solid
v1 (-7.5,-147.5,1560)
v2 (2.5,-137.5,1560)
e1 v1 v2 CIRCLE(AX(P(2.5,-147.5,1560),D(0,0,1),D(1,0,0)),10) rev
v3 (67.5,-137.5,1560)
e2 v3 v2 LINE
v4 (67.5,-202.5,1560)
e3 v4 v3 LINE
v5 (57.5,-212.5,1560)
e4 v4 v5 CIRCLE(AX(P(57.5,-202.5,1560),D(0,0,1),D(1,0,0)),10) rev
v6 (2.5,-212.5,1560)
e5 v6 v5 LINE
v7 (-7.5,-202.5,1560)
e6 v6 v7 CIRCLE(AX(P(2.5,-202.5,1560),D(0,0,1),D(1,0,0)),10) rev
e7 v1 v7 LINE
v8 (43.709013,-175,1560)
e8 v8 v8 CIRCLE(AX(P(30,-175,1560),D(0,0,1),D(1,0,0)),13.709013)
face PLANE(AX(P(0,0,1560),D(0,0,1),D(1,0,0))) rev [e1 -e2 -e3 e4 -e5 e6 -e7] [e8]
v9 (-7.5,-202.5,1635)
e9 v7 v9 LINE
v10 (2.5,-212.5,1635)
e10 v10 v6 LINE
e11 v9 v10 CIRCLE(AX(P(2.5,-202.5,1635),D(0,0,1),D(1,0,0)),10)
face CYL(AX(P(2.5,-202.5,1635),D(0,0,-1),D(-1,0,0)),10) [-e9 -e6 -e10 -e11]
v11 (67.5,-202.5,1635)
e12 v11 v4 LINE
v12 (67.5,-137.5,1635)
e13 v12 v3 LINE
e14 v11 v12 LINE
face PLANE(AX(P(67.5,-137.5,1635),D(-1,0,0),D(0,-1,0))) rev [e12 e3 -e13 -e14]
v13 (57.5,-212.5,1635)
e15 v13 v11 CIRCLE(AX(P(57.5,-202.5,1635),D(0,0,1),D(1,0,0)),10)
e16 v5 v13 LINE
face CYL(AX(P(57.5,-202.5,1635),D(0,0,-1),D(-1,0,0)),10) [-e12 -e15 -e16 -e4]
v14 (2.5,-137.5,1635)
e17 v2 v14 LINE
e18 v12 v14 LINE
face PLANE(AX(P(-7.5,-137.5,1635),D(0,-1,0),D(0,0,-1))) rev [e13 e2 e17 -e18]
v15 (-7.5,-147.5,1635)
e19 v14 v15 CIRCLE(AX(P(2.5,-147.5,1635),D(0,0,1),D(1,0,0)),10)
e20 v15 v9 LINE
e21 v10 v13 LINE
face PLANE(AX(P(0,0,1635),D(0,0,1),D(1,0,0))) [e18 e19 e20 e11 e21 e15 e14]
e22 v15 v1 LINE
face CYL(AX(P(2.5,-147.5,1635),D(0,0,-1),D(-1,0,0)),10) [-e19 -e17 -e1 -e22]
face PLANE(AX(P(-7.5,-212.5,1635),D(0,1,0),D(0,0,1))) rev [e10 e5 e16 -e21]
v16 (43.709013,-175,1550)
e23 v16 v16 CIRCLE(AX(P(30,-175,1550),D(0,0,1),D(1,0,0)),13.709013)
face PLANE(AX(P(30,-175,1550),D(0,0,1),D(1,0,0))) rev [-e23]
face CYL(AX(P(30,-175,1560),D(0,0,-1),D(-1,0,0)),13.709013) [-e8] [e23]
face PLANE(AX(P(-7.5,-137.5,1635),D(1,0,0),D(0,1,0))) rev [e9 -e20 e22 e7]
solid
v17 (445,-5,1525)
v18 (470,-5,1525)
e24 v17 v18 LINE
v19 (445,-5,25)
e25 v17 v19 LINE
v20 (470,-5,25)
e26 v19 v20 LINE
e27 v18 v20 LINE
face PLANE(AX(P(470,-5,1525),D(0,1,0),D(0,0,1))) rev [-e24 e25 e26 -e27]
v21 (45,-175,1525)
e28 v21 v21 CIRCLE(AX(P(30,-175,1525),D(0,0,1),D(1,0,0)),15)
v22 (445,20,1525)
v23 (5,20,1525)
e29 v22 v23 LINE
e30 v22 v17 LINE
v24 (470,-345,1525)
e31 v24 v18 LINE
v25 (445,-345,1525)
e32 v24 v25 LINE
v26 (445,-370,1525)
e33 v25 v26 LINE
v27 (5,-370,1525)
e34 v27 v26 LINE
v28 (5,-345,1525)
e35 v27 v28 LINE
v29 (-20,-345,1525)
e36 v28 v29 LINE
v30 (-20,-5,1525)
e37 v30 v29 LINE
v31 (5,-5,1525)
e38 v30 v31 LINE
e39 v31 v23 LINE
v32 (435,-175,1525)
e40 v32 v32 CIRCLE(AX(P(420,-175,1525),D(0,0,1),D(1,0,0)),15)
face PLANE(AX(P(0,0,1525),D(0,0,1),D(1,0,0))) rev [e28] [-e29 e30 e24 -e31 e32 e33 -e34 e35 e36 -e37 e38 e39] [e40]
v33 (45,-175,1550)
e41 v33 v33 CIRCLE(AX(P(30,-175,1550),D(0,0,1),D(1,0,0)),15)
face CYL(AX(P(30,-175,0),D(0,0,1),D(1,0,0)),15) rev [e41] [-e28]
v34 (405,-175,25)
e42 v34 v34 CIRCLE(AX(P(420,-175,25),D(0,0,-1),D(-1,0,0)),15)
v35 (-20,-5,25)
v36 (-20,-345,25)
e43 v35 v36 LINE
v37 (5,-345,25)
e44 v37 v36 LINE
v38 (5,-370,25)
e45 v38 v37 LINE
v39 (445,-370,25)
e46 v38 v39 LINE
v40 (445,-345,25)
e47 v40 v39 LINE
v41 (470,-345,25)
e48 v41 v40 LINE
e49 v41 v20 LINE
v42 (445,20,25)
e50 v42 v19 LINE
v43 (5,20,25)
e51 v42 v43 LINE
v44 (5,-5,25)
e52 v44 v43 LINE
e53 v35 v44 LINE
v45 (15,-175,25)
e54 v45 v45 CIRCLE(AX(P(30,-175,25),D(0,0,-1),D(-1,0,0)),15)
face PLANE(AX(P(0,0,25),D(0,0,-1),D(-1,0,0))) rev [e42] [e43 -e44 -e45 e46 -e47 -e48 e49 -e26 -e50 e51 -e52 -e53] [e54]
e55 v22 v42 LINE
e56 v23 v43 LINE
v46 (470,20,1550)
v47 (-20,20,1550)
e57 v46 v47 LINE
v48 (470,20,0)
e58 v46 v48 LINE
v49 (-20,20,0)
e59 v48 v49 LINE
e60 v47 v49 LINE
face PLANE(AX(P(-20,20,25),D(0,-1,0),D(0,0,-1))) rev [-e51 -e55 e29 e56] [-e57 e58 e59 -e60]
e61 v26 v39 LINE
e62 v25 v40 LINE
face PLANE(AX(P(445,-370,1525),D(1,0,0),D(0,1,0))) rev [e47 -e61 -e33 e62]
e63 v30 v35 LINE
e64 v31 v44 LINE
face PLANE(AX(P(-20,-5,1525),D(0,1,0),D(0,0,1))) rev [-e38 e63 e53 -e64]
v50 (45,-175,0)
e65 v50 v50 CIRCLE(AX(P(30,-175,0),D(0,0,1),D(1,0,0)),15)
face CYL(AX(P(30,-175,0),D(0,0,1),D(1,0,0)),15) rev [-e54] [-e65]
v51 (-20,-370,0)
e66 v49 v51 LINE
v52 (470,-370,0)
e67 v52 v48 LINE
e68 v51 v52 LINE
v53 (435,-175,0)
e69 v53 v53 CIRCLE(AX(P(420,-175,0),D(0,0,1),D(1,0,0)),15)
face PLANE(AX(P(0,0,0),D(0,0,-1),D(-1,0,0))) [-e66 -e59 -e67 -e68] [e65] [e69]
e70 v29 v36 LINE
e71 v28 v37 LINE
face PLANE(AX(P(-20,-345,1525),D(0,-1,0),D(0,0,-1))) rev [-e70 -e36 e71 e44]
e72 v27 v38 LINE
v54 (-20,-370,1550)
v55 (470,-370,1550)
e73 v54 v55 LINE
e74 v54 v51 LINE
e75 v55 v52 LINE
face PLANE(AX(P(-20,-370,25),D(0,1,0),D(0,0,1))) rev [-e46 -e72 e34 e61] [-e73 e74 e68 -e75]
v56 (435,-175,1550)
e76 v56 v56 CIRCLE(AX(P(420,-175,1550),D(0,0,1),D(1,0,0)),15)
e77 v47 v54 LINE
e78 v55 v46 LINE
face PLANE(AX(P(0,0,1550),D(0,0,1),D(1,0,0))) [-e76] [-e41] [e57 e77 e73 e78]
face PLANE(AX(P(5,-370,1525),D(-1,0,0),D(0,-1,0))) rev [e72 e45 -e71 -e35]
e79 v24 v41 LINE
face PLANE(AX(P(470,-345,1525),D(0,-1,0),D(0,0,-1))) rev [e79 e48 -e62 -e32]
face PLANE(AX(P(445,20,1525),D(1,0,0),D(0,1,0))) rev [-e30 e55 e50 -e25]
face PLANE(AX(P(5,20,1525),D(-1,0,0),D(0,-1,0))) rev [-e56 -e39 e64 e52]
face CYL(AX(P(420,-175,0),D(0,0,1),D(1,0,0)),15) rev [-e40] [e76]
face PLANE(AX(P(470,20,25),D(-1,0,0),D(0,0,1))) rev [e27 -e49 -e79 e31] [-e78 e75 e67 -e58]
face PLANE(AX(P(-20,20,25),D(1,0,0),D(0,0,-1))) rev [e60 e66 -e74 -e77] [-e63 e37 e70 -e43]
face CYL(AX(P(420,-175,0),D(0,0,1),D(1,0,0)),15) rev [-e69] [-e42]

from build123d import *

# Parameters (mm, degrees)
SKETCH1_W           = 490
SKETCH1_H           = 390
BOSS_EXTRUDE1_DEPTH = 25
SKETCH2_W           = 25
SKETCH2_H           = 25
BOSS_EXTRUDE2_DEPTH = 1500
SKETCH3_W           = 490
SKETCH3_H           = 390
BOSS_EXTRUDE3_DEPTH = 25
SKETCH4_R           = 15
CUT_EXTRUDE1_DEPTH  = 1550
SKETCH5_R           = 13.709013017
BOSS_EXTRUDE4_DEPTH = 10
SKETCH6_W           = 75
SKETCH6_H           = 75
BOSS_EXTRUDE5_DEPTH = 75
FILLET1_R           = 10


with BuildPart() as part:
    # Sketch1 → Boss-Extrude1 (new body)
    with BuildSketch(Plane.XY):
        with Locations((225, -175)):
            Rectangle(SKETCH1_W, SKETCH1_H)
    extrude(amount=BOSS_EXTRUDE1_DEPTH)

    # Sketch2 → Boss-Extrude2 (add)
    with BuildSketch(Plane.XY.offset(25)):
        with Locations((-7.5, 7.5)):
            Rectangle(SKETCH2_W, SKETCH2_H)
        with Locations((457.5, 7.5)):
            Rectangle(SKETCH2_W, SKETCH2_H)
        with Locations((457.5, -357.5)):
            Rectangle(SKETCH2_W, SKETCH2_H)
        with Locations((-7.5, -357.5)):
            Rectangle(SKETCH2_W, SKETCH2_H)
    extrude(amount=BOSS_EXTRUDE2_DEPTH)

    # Sketch3 → Boss-Extrude3 (add)
    with BuildSketch(Plane.XY.offset(1525)):
        with Locations((225, -175)):
            Rectangle(SKETCH3_W, SKETCH3_H)
    extrude(amount=BOSS_EXTRUDE3_DEPTH)

    # Sketch4 → Cut-Extrude1 (cut)
    with BuildSketch(Plane.XY.offset(1550)):
        with Locations((420, -175)):
            Circle(SKETCH4_R)
        with Locations((30, -175)):
            Circle(SKETCH4_R)
    extrude(amount=-CUT_EXTRUDE1_DEPTH, mode=Mode.SUBTRACT)


with BuildPart() as body_2:
    # Sketch5 → Boss-Extrude4 (new body)
    with BuildSketch(Plane.XY.offset(1550)):
        with Locations((30, -175)):
            Circle(SKETCH5_R)
    extrude(amount=BOSS_EXTRUDE4_DEPTH)

    # Sketch6 → Boss-Extrude5 (add)
    with BuildSketch(Plane.XY.offset(1560)):
        with Locations((30, -175)):
            Rectangle(SKETCH6_W, SKETCH6_H)
    extrude(amount=BOSS_EXTRUDE5_DEPTH)

    # Fillet1
    fillet1_edges = [body_2.edges().sort_by_distance(p)[0] for p in [
        (67.5, -212.5, 1597.5),
        (-7.5, -137.5, 1597.5),
        (-7.5, -212.5, 1597.5),
    ]]
    fillet(fillet1_edges, radius=FILLET1_R)


solid = Compound([part.part, body_2.part])
